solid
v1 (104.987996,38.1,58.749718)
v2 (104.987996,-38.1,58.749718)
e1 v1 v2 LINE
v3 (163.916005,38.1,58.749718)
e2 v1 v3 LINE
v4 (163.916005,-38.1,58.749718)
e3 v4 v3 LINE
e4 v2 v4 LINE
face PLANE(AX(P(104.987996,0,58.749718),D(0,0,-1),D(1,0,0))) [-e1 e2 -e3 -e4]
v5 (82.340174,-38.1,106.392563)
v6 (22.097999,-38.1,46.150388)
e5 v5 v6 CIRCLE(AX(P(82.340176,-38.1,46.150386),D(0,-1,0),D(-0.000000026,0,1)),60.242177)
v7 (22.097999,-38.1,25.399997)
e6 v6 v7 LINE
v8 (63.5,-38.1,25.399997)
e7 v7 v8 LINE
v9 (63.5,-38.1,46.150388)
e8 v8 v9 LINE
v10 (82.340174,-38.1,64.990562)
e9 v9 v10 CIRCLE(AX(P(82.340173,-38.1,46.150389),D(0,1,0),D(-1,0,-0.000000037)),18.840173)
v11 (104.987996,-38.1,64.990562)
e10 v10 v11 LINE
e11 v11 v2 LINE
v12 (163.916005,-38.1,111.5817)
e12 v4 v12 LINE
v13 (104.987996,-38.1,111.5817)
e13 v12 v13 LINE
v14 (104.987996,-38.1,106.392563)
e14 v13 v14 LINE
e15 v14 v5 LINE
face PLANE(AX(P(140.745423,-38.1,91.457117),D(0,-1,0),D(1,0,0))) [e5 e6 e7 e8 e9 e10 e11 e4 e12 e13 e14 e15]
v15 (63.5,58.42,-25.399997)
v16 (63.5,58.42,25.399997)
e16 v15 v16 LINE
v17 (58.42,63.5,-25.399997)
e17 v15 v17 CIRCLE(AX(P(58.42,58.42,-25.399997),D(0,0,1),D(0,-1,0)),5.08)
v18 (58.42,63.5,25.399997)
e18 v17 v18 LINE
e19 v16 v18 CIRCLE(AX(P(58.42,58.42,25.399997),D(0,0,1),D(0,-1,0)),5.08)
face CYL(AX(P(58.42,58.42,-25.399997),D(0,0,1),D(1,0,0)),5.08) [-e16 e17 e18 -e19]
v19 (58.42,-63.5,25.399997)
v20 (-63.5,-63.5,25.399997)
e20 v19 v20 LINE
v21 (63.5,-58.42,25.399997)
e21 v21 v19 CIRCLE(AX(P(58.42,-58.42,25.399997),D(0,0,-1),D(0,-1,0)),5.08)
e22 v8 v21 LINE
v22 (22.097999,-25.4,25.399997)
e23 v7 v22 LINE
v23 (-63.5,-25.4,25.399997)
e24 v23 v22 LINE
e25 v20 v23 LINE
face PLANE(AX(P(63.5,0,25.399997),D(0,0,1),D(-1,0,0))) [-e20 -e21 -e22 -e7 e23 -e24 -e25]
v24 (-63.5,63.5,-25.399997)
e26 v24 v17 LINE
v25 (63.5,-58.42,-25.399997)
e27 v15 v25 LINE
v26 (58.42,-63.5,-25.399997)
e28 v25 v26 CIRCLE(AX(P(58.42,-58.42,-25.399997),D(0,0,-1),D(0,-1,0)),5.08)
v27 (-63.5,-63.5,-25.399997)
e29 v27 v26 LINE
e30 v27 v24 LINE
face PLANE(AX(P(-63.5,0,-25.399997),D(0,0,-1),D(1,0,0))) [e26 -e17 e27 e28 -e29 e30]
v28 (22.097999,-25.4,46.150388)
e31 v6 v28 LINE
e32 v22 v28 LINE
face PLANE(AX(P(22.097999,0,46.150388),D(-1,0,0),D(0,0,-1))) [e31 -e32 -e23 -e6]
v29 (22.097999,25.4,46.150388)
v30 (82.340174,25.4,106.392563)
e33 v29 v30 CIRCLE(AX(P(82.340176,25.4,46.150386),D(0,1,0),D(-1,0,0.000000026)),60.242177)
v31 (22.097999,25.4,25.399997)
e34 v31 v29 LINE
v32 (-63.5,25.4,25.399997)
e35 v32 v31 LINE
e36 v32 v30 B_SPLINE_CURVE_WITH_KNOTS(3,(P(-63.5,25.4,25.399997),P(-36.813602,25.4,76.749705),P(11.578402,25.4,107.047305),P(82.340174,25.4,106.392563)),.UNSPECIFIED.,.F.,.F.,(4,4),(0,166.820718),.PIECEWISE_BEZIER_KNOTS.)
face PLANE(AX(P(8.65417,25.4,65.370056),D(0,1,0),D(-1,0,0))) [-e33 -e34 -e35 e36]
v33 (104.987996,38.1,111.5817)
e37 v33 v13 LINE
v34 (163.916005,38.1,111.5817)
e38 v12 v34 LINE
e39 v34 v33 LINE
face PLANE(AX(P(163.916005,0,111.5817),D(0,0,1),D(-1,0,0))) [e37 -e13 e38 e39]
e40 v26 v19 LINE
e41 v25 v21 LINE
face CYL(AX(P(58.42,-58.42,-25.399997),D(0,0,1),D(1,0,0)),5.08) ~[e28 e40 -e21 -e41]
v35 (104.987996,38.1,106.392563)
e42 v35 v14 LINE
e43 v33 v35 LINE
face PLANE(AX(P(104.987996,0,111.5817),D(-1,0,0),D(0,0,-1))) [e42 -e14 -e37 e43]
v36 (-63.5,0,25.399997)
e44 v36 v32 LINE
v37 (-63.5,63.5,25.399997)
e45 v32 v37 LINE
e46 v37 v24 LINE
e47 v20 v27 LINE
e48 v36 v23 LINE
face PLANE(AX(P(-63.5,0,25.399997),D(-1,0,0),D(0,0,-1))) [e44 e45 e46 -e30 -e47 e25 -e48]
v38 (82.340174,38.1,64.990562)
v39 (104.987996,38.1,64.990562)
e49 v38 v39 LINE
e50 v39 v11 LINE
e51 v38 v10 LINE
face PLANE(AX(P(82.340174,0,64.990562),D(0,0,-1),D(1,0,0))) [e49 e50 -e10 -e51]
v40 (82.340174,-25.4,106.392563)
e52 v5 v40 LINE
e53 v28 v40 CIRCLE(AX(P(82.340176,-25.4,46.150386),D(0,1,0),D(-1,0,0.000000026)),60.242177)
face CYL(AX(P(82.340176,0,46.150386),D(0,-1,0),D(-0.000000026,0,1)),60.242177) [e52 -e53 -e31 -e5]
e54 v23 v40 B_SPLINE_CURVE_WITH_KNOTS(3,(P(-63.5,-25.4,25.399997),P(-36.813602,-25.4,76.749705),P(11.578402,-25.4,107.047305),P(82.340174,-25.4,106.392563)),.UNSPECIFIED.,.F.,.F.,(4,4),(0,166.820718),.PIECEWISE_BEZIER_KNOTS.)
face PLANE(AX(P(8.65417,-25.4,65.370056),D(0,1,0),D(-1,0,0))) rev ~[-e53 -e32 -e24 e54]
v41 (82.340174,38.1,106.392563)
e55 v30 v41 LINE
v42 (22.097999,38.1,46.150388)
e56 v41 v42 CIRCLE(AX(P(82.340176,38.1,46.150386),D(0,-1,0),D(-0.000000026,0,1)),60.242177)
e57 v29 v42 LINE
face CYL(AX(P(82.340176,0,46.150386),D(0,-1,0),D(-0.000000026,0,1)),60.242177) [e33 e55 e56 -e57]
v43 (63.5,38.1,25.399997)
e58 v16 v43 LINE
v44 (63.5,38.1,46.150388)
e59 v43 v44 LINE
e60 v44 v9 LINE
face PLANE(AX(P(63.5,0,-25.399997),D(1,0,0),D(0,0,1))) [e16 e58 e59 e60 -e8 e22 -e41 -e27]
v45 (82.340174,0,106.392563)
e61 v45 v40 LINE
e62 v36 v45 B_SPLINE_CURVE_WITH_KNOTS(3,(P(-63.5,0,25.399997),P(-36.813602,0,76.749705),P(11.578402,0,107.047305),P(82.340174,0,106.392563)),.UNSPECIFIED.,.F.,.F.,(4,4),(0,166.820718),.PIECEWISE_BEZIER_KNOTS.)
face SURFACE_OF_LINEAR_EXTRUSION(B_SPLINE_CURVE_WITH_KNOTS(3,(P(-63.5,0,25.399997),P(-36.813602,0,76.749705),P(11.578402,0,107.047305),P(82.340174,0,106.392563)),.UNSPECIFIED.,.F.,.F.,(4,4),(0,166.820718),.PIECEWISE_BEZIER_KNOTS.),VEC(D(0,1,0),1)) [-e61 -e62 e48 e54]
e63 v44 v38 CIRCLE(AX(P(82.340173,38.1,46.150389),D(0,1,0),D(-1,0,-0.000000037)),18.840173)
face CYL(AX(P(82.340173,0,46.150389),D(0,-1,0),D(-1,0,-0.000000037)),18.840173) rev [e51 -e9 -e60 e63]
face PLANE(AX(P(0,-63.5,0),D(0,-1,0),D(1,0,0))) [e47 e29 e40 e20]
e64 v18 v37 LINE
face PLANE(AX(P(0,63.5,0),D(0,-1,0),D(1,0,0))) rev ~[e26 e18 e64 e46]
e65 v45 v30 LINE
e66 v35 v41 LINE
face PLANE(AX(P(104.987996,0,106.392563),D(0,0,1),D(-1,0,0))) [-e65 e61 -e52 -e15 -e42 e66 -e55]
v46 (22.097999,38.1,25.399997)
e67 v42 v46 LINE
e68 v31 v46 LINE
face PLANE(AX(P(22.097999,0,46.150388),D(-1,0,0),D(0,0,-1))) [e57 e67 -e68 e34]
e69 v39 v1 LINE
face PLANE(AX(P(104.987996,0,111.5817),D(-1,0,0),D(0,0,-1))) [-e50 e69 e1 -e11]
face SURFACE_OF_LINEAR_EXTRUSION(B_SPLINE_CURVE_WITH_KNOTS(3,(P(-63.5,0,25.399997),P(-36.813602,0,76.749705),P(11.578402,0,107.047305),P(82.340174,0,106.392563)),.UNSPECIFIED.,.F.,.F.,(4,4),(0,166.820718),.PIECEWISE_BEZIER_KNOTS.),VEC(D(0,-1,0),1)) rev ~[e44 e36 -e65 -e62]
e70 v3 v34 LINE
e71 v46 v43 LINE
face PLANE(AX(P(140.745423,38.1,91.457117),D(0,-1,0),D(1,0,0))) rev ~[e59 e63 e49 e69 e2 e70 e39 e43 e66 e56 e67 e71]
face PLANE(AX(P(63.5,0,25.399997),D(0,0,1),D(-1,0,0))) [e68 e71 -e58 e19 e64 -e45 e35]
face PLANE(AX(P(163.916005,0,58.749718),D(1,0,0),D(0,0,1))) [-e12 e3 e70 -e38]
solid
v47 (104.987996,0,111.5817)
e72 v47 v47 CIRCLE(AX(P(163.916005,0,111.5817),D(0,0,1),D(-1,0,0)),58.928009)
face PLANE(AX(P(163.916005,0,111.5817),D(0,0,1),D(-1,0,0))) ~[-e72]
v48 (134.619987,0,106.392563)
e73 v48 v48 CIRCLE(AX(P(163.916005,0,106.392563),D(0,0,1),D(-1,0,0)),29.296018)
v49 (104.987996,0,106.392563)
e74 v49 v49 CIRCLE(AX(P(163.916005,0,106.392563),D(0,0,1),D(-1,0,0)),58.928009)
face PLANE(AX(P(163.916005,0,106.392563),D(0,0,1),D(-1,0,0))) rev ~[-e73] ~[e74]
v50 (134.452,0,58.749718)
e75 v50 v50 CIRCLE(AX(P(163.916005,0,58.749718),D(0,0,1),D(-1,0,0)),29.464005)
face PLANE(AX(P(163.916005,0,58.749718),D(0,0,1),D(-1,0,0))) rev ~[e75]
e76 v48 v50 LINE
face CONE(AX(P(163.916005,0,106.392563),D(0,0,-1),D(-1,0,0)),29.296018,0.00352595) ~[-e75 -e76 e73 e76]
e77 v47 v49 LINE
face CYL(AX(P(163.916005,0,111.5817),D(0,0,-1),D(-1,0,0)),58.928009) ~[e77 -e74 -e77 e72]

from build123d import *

# Parameters (mm, degrees)
F1_DEPTH = 63.5
F2_DEPTH = 38.1
F3_DEPTH = 38.1
F4_DEPTH = 25.4
F6_R     = 5.08


with BuildPart() as f1:
    # F0 (on Front) → F1 (new body, symmetric)
    with BuildSketch(Plane.XZ):
        Polygon((-63.5, -25.399997), (63.5, -25.399997), (63.5, 25.399997), (22.097999, 25.399997), (-63.5, 25.399997), align=None)
    extrude(amount=F1_DEPTH, both=True)

    # F0 (on Front) → F2 (join, symmetric)
    with BuildSketch(Plane.XZ):
        with BuildLine():
            Line((22.097999, 25.399997), (63.5, 25.399997))
            Line((63.5, 25.399997), (63.5, 46.150388))
            ThreePointArc((63.5, 46.150388), (69.018159, 59.472403), (82.340174, 64.990562))
            Line((82.340174, 64.990562), (104.987996, 64.990562))
            Line((104.987996, 64.990562), (104.987996, 106.392563))
            Line((104.987996, 106.392563), (82.340174, 106.392563))
            ThreePointArc((82.340174, 106.392563), (39.742524, 88.748038), (22.097999, 46.150388))
            Line((22.097999, 46.150388), (22.097999, 25.399997))
        make_face()
    extrude(amount=F2_DEPTH, both=True)

    # F0 (on Front) → F3 (join, symmetric)
    with BuildSketch(Plane.XZ):
        Polygon((104.987996, 111.5817), (104.987996, 106.392563), (134.619987, 106.392563), (134.452, 58.749718), (163.916005, 58.749718), (163.916005, 111.5817), align=None)
        Polygon((134.619987, 106.392563), (104.987996, 106.392563), (104.987996, 64.990562), (104.987996, 58.749718), (134.452, 58.749718), align=None)
    extrude(amount=F3_DEPTH, both=True)

    # F0 (on Front) → F4 (join, symmetric)
    with BuildSketch(Plane.XZ):
        with BuildLine():
            add(Edge.make_bspline(
                [(-63.5, 25.399997), (-36.813602, 76.749705), (11.578402, 107.047305), (82.340174, 106.392563)],
                knots=[0, 0, 0, 0, 166.820718, 166.820718, 166.820718, 166.820718], degree=3))
            Line((-63.5, 25.399997), (22.097999, 25.399997))
            Line((22.097999, 25.399997), (22.097999, 46.150388))
            ThreePointArc((22.097999, 46.150388), (39.742524, 88.748038), (82.340174, 106.392563))
        make_face()
    extrude(amount=F4_DEPTH, both=True)

    # F6
    f6_edges = [f1.edges().sort_by_distance(p)[0] for p in [
        (63.5, -63.5, 0),
        (63.5, 63.5, 0),
    ]]
    fillet(f6_edges, radius=F6_R)


with BuildPart() as f5:
    # F0 (on Front) → F5 (revolve)
    with BuildSketch(Plane.XZ):
        Polygon((104.987996, 111.5817), (104.987996, 106.392563), (134.619987, 106.392563), (134.452, 58.749718), (163.916005, 58.749718), (163.916005, 111.5817), align=None)
    revolve(axis=Axis((163.916005, 0, 85.165709), (0, 0, 1)))


solid = Compound([f1.part, f5.part])
